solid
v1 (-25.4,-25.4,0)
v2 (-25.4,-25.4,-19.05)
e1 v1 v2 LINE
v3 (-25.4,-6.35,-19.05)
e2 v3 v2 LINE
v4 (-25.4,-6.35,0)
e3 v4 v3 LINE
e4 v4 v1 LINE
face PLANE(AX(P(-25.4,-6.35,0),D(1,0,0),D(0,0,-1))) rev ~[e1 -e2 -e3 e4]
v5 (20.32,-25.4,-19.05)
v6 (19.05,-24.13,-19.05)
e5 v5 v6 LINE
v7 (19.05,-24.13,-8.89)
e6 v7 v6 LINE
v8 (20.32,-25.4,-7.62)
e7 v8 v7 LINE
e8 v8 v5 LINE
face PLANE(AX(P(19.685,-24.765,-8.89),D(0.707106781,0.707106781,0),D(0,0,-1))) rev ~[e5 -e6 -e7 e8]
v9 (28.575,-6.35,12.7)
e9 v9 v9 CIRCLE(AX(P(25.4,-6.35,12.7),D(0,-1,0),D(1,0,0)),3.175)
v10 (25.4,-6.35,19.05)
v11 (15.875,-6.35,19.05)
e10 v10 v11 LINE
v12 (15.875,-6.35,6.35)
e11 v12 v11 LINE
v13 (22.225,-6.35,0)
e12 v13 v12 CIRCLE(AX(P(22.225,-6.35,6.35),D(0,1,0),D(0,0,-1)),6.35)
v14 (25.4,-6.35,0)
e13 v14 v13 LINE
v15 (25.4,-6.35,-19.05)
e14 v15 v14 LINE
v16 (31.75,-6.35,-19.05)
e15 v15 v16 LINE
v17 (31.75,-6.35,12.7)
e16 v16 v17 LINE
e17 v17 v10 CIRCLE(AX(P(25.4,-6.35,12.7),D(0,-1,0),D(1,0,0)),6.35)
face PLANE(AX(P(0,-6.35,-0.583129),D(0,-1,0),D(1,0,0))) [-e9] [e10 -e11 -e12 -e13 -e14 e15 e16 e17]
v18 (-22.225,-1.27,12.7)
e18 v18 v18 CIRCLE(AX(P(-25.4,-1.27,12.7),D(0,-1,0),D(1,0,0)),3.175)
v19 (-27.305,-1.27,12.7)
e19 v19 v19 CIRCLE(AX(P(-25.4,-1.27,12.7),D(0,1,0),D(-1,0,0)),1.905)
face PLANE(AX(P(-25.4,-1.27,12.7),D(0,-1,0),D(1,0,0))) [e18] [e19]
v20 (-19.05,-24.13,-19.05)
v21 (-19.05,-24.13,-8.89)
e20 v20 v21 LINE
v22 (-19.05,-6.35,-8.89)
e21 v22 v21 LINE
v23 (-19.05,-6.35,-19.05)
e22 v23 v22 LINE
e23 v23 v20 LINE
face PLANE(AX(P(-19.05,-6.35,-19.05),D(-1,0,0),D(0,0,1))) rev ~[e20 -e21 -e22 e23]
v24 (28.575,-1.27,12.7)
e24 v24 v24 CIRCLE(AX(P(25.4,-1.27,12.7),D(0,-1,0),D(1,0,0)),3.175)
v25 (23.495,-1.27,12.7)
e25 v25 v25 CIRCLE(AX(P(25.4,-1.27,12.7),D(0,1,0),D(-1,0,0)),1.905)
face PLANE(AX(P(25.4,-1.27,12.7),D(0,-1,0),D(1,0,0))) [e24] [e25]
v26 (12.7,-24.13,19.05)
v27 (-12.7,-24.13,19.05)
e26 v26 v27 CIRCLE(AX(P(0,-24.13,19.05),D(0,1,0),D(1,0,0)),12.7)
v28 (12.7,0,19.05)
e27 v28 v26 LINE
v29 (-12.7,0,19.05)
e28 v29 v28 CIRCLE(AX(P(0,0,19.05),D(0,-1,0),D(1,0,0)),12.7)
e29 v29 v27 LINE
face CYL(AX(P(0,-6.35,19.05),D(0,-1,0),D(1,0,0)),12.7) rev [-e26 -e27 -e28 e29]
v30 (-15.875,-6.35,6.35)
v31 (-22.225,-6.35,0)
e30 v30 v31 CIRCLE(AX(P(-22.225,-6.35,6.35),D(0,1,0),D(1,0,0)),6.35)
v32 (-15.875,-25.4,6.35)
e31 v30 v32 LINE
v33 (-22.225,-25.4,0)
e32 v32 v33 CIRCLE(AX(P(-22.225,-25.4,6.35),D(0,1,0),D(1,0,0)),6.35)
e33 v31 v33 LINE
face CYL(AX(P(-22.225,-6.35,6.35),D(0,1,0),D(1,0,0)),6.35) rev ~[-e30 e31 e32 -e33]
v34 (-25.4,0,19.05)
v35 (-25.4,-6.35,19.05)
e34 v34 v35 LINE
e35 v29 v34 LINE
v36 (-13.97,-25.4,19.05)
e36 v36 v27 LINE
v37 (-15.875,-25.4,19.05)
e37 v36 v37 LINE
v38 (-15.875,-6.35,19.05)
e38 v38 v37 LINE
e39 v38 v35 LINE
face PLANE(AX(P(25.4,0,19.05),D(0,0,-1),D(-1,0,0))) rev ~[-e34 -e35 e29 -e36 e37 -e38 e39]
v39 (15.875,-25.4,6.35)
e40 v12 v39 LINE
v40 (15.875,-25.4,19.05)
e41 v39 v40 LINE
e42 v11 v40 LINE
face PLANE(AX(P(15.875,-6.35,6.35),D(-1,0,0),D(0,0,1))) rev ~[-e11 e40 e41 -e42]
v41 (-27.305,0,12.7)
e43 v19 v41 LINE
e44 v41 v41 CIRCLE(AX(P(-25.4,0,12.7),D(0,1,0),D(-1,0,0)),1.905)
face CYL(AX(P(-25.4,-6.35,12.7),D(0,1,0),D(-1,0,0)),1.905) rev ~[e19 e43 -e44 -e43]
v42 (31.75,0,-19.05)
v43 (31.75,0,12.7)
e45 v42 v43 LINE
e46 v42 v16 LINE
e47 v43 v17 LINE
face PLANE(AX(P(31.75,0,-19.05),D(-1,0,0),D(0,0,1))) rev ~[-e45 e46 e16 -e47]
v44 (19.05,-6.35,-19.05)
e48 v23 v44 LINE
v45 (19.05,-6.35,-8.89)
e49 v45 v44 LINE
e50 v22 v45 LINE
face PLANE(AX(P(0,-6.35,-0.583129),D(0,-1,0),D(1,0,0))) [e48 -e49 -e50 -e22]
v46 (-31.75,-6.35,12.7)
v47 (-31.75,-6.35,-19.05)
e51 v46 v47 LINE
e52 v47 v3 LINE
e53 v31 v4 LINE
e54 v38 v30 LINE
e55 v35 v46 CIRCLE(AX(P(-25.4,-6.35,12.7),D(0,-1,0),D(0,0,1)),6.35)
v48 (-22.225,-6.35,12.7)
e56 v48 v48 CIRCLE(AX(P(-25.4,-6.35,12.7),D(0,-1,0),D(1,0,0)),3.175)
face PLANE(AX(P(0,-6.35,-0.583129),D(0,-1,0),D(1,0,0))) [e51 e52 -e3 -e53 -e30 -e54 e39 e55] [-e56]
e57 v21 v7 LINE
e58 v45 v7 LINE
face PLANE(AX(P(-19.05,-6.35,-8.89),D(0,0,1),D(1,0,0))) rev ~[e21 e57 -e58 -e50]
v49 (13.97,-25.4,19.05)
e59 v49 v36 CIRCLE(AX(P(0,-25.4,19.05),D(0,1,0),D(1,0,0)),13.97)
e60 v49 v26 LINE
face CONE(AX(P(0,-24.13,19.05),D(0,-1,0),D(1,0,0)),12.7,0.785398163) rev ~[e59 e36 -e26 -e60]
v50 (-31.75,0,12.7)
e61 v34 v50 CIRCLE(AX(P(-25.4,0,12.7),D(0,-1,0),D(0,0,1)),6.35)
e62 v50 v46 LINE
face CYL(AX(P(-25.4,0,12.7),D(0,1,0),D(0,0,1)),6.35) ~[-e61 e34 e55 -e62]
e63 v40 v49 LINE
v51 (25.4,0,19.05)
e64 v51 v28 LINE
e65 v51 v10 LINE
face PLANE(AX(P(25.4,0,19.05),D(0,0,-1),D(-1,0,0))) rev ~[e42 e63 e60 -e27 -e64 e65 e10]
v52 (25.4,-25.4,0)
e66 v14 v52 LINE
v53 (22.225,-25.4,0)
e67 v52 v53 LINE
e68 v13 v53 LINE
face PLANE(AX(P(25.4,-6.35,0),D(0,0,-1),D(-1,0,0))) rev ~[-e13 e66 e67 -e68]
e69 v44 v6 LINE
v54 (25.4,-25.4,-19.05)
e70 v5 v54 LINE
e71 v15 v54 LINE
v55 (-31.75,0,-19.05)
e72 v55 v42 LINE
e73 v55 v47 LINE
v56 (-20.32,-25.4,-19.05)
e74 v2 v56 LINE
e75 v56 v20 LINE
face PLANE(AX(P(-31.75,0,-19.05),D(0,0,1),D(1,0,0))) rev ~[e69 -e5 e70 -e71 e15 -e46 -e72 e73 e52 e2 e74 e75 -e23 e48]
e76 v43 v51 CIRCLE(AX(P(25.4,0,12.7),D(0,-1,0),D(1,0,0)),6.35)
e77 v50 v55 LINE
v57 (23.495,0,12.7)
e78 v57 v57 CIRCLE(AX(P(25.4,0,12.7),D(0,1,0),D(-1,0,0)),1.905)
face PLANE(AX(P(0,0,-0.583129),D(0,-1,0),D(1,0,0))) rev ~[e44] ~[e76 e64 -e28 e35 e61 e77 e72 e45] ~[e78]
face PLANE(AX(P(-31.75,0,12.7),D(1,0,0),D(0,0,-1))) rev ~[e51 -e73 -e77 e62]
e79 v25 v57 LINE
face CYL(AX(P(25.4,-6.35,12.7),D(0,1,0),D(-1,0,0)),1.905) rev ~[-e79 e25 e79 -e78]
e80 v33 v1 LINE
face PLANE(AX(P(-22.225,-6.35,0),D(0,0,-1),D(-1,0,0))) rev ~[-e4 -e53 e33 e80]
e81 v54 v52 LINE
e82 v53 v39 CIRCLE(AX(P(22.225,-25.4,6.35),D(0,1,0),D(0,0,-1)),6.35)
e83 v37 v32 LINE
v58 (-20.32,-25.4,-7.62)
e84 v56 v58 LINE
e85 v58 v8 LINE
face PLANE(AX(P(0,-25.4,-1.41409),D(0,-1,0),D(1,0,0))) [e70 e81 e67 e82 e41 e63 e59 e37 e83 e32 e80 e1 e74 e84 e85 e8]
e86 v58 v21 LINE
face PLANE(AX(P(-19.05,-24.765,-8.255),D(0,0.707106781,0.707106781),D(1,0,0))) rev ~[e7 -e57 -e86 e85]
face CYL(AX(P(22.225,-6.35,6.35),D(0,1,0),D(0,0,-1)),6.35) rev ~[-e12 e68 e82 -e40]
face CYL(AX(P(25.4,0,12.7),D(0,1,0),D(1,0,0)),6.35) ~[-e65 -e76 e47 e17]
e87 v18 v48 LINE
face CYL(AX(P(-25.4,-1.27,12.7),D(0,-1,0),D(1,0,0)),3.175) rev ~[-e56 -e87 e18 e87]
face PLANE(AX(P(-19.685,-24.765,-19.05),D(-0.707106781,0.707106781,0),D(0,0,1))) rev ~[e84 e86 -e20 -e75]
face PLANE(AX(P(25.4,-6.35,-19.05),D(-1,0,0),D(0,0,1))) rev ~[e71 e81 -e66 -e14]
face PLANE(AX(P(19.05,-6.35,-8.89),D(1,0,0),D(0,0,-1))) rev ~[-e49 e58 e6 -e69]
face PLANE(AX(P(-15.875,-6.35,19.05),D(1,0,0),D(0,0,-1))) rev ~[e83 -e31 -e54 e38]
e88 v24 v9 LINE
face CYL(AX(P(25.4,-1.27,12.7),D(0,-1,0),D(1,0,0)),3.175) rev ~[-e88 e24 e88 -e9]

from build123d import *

# Parameters (mm, degrees)
F1_DEPTH             = 6.35
F3_DEPTH             = 19.05
F4_DEPTH             = 6.351
F5_SIZE              = 1.27
F6_SIZE              = 1.27
F9_D                 = 3.81
F9_CBORE_D           = 6.35
F9_CBORE_DEPTH       = 5.08
F9_ON_F8_D           = 3.81
F9_ON_F8_CBORE_D     = 6.35
F9_ON_F8_CBORE_DEPTH = 5.08


with BuildPart() as f1:
    # F0 (on Front) → F1 (new body)
    with BuildSketch(Plane.XZ):
        with BuildLine():
            ThreePointArc((31.75, 12.7), (29.8901280605, 17.1901280605), (25.4, 19.05))
            Line((25.4, 19.05), (-25.4, 19.05))
            ThreePointArc((-25.4, 19.05), (-29.8901280605, 17.1901280605), (-31.75, 12.7))
            Line((-31.75, 12.7), (-31.75, -19.05))
            Line((-31.75, -19.05), (31.75, -19.05))
            Line((31.75, -19.05), (31.75, 12.7))
        make_face()
    extrude(amount=F1_DEPTH)

    # F2 (on face) → F3 (join)
    with BuildSketch(Plane.XZ.offset(6.35)):
        with BuildLine():
            Line((19.05, -19.05), (25.4, -19.05))
            Line((25.4, -19.05), (25.4, 0))
            Line((25.4, 0), (22.225, 0))
            ThreePointArc((22.225, 0), (17.7348719395, 1.8598719395), (15.875, 6.35))
            Line((15.875, 6.35), (15.875, 19.05))
            Line((15.875, 19.05), (12.7, 19.05))
            ThreePointArc((12.7, 19.05), (0, 6.35), (-12.7, 19.05))
            Line((-12.7, 19.05), (-15.875, 19.05))
            Line((-15.875, 19.05), (-15.875, 6.35))
            ThreePointArc((-15.875, 6.35), (-17.7348719395, 1.8598719395), (-22.225, 0))
            Line((-22.225, 0), (-25.4, 0))
            Line((-25.4, 0), (-25.4, -19.05))
            Line((-25.4, -19.05), (-19.05, -19.05))
            Line((-19.05, -19.05), (-19.05, -8.89))
            Line((-19.05, -8.89), (19.05, -8.89))
            Line((19.05, -8.89), (19.05, -19.05))
        make_face()
    extrude(amount=F3_DEPTH)

    # F4 (cut, through all): a face of the model
    f4_faces = [f1.faces().sort_by_distance(p)[0] for p in [
        (0, -6.35, 13.659952594),
    ]]
    extrude(f4_faces, amount=-F4_DEPTH, mode=Mode.SUBTRACT)

    # F5
    f5_edges = [f1.edges().sort_by_distance(p)[0] for p in [
        (0, -25.4, -8.89),
        (-19.05, -25.4, -13.97),
        (19.05, -25.4, -13.97),
    ]]
    chamfer(f5_edges, length=F5_SIZE)

    # F6
    f6_edges = [f1.edges().sort_by_distance(p)[0] for p in [
        (0, -25.4, 6.35),
    ]]
    chamfer(f6_edges, length=F6_SIZE)

    # F9 (through all)
    with Locations(Plane.XZ.offset(6.35)):
        with Locations((-25.4, 12.7)):
            CounterBoreHole(F9_D / 2, F9_CBORE_D / 2, F9_CBORE_DEPTH)

    # F9 on F8 (through all)
    with Locations(Plane.XZ.offset(6.35)):
        with Locations((25.4, 12.7)):
            CounterBoreHole(F9_ON_F8_D / 2, F9_ON_F8_CBORE_D / 2, F9_ON_F8_CBORE_DEPTH)


solid = f1.part
